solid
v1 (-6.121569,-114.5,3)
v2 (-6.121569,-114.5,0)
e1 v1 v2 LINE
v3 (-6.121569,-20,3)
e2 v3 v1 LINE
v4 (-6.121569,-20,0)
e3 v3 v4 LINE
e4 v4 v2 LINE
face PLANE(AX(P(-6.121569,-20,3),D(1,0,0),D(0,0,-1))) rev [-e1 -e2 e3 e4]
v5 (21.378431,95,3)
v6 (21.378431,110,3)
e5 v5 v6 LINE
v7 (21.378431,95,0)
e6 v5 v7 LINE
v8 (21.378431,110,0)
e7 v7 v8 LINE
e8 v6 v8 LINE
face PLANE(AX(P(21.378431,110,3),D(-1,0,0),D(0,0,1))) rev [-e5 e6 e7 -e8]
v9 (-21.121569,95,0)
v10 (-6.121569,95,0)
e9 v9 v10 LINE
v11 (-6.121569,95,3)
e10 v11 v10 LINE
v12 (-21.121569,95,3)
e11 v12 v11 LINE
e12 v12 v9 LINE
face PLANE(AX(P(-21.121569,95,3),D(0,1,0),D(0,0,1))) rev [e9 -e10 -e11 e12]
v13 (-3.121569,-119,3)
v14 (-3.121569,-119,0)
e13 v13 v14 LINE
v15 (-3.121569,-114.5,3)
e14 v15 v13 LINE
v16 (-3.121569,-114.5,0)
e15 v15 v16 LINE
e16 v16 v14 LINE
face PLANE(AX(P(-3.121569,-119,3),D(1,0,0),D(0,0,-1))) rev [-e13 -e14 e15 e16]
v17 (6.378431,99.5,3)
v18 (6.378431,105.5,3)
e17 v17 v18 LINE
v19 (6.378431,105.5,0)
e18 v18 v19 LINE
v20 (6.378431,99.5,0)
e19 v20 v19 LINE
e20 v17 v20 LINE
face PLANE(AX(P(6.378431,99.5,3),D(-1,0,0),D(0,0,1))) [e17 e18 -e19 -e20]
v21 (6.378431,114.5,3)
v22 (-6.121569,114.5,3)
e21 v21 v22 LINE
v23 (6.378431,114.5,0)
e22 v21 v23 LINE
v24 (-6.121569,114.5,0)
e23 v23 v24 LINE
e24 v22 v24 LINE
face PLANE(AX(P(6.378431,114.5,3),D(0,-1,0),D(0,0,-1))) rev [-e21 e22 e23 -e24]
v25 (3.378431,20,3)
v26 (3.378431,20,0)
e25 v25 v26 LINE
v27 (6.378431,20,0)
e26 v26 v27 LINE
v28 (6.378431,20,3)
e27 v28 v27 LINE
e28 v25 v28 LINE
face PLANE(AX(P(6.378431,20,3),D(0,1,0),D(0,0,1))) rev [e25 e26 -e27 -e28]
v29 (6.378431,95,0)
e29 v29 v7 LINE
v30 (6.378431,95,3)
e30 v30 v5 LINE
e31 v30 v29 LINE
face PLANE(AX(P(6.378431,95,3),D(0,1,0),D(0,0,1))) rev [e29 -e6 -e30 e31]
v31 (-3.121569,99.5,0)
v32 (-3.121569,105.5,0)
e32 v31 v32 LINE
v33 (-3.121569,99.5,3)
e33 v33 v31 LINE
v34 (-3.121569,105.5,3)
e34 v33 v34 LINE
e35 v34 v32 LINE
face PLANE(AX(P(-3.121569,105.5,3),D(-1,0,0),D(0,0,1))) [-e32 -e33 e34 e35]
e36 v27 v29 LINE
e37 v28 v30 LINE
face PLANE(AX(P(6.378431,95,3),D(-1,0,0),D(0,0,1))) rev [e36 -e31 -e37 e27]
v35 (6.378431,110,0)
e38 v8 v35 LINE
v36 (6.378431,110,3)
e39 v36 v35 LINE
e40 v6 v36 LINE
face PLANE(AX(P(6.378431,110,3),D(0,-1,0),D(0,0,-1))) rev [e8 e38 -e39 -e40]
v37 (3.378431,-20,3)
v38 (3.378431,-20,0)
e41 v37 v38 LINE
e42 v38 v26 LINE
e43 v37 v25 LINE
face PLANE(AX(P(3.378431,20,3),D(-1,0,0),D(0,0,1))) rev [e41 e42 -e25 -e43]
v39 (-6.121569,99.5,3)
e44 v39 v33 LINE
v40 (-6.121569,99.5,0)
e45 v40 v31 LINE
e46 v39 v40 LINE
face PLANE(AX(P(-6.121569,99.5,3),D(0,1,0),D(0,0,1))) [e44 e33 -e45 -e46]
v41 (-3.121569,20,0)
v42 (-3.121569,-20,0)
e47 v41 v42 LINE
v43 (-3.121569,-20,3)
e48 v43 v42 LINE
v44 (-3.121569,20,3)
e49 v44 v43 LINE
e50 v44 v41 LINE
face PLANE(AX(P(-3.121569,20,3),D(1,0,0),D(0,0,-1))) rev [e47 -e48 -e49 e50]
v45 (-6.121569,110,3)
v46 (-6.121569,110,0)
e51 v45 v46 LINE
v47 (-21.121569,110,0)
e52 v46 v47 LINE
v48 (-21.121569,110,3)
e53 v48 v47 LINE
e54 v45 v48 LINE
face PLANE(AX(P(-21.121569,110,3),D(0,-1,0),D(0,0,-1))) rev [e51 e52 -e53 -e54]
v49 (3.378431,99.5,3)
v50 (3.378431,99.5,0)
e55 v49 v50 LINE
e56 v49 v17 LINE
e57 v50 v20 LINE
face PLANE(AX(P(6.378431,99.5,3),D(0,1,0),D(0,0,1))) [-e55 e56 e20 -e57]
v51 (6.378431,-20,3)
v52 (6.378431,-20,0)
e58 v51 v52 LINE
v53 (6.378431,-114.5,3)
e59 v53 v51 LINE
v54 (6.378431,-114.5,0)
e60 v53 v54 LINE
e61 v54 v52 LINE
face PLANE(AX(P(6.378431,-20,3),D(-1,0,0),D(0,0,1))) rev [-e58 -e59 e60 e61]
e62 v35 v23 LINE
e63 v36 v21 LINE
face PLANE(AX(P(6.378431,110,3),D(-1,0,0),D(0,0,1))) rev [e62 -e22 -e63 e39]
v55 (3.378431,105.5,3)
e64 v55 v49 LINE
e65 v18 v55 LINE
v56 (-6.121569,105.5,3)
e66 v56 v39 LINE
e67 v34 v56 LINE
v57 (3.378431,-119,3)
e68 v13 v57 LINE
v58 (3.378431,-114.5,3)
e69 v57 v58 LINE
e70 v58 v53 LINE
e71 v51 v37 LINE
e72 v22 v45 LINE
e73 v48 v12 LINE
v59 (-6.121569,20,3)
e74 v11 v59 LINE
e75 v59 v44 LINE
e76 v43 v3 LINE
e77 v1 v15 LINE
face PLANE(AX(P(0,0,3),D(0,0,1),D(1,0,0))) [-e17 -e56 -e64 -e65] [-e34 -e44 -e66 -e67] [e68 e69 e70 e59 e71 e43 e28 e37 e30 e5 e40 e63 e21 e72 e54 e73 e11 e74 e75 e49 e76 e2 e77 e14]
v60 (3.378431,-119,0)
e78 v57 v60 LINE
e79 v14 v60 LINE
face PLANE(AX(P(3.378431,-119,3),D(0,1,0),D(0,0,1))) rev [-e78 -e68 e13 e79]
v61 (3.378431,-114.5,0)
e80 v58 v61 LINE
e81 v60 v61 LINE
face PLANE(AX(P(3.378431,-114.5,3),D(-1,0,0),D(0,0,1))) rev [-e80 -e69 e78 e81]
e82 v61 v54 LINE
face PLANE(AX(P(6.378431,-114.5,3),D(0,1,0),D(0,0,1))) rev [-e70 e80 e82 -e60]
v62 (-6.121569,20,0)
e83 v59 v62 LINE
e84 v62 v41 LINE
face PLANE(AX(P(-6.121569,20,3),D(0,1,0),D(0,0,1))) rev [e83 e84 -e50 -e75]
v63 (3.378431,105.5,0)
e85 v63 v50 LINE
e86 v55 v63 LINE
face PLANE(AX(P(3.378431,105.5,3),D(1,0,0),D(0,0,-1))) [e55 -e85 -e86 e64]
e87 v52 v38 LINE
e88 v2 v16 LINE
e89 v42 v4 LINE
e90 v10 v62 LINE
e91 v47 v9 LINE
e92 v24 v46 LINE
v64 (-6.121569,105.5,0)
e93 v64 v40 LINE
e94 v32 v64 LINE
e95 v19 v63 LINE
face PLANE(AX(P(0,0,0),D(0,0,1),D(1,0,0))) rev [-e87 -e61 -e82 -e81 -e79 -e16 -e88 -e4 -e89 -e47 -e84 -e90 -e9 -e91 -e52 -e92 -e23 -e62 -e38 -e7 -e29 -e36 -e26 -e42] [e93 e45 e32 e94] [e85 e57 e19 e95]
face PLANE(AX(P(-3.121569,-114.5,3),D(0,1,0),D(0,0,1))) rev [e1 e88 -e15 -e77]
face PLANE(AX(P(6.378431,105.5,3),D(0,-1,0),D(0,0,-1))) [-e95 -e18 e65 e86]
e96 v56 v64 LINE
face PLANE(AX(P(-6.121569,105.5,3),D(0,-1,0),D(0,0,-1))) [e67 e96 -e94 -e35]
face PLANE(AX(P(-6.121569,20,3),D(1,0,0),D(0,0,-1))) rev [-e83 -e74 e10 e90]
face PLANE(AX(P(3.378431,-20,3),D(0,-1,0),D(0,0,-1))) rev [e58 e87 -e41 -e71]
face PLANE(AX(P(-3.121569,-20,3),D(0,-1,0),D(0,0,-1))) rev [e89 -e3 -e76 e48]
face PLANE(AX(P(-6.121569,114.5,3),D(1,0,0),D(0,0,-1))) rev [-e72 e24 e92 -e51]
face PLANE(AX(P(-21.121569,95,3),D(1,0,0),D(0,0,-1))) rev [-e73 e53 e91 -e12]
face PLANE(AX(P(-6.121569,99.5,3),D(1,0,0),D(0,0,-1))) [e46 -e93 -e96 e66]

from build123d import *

# Parameters (mm, degrees)
SKETCH2_W           = 3
SKETCH2_H           = 6
BOSS_EXTRUDE1_DEPTH = 3


with BuildPart() as part:
    # Sketch2 → Boss-Extrude1 (new body)
    with BuildSketch(Plane.XY):
        Polygon((3.378431315, -114.5), (3.378431315, -119), (-3.121568685, -119), (-3.121568685, -114.5), (-6.121568685, -114.5), (-6.121568685, -20), (-3.121568685, -20), (-3.121568685, 20), (-6.121568685, 20), (-6.121568685, 95), (-21.121568685, 95), (-21.121568685, 110), (-6.121568685, 110), (-6.121568685, 114.5), (6.378431315, 114.5), (6.378431315, 110), (21.378431315, 110), (21.378431315, 95), (6.378431315, 95), (6.378431315, 20), (3.378431315, 20), (3.378431315, -20), (6.378431315, -20), (6.378431315, -114.5), align=None)
        with Locations((4.878431315, 102.5)):
            Rectangle(SKETCH2_W, SKETCH2_H, mode=Mode.SUBTRACT)
        with Locations((-4.621568685, 102.5)):
            Rectangle(SKETCH2_W, SKETCH2_H, mode=Mode.SUBTRACT)
    extrude(amount=BOSS_EXTRUDE1_DEPTH)


solid = part.part
